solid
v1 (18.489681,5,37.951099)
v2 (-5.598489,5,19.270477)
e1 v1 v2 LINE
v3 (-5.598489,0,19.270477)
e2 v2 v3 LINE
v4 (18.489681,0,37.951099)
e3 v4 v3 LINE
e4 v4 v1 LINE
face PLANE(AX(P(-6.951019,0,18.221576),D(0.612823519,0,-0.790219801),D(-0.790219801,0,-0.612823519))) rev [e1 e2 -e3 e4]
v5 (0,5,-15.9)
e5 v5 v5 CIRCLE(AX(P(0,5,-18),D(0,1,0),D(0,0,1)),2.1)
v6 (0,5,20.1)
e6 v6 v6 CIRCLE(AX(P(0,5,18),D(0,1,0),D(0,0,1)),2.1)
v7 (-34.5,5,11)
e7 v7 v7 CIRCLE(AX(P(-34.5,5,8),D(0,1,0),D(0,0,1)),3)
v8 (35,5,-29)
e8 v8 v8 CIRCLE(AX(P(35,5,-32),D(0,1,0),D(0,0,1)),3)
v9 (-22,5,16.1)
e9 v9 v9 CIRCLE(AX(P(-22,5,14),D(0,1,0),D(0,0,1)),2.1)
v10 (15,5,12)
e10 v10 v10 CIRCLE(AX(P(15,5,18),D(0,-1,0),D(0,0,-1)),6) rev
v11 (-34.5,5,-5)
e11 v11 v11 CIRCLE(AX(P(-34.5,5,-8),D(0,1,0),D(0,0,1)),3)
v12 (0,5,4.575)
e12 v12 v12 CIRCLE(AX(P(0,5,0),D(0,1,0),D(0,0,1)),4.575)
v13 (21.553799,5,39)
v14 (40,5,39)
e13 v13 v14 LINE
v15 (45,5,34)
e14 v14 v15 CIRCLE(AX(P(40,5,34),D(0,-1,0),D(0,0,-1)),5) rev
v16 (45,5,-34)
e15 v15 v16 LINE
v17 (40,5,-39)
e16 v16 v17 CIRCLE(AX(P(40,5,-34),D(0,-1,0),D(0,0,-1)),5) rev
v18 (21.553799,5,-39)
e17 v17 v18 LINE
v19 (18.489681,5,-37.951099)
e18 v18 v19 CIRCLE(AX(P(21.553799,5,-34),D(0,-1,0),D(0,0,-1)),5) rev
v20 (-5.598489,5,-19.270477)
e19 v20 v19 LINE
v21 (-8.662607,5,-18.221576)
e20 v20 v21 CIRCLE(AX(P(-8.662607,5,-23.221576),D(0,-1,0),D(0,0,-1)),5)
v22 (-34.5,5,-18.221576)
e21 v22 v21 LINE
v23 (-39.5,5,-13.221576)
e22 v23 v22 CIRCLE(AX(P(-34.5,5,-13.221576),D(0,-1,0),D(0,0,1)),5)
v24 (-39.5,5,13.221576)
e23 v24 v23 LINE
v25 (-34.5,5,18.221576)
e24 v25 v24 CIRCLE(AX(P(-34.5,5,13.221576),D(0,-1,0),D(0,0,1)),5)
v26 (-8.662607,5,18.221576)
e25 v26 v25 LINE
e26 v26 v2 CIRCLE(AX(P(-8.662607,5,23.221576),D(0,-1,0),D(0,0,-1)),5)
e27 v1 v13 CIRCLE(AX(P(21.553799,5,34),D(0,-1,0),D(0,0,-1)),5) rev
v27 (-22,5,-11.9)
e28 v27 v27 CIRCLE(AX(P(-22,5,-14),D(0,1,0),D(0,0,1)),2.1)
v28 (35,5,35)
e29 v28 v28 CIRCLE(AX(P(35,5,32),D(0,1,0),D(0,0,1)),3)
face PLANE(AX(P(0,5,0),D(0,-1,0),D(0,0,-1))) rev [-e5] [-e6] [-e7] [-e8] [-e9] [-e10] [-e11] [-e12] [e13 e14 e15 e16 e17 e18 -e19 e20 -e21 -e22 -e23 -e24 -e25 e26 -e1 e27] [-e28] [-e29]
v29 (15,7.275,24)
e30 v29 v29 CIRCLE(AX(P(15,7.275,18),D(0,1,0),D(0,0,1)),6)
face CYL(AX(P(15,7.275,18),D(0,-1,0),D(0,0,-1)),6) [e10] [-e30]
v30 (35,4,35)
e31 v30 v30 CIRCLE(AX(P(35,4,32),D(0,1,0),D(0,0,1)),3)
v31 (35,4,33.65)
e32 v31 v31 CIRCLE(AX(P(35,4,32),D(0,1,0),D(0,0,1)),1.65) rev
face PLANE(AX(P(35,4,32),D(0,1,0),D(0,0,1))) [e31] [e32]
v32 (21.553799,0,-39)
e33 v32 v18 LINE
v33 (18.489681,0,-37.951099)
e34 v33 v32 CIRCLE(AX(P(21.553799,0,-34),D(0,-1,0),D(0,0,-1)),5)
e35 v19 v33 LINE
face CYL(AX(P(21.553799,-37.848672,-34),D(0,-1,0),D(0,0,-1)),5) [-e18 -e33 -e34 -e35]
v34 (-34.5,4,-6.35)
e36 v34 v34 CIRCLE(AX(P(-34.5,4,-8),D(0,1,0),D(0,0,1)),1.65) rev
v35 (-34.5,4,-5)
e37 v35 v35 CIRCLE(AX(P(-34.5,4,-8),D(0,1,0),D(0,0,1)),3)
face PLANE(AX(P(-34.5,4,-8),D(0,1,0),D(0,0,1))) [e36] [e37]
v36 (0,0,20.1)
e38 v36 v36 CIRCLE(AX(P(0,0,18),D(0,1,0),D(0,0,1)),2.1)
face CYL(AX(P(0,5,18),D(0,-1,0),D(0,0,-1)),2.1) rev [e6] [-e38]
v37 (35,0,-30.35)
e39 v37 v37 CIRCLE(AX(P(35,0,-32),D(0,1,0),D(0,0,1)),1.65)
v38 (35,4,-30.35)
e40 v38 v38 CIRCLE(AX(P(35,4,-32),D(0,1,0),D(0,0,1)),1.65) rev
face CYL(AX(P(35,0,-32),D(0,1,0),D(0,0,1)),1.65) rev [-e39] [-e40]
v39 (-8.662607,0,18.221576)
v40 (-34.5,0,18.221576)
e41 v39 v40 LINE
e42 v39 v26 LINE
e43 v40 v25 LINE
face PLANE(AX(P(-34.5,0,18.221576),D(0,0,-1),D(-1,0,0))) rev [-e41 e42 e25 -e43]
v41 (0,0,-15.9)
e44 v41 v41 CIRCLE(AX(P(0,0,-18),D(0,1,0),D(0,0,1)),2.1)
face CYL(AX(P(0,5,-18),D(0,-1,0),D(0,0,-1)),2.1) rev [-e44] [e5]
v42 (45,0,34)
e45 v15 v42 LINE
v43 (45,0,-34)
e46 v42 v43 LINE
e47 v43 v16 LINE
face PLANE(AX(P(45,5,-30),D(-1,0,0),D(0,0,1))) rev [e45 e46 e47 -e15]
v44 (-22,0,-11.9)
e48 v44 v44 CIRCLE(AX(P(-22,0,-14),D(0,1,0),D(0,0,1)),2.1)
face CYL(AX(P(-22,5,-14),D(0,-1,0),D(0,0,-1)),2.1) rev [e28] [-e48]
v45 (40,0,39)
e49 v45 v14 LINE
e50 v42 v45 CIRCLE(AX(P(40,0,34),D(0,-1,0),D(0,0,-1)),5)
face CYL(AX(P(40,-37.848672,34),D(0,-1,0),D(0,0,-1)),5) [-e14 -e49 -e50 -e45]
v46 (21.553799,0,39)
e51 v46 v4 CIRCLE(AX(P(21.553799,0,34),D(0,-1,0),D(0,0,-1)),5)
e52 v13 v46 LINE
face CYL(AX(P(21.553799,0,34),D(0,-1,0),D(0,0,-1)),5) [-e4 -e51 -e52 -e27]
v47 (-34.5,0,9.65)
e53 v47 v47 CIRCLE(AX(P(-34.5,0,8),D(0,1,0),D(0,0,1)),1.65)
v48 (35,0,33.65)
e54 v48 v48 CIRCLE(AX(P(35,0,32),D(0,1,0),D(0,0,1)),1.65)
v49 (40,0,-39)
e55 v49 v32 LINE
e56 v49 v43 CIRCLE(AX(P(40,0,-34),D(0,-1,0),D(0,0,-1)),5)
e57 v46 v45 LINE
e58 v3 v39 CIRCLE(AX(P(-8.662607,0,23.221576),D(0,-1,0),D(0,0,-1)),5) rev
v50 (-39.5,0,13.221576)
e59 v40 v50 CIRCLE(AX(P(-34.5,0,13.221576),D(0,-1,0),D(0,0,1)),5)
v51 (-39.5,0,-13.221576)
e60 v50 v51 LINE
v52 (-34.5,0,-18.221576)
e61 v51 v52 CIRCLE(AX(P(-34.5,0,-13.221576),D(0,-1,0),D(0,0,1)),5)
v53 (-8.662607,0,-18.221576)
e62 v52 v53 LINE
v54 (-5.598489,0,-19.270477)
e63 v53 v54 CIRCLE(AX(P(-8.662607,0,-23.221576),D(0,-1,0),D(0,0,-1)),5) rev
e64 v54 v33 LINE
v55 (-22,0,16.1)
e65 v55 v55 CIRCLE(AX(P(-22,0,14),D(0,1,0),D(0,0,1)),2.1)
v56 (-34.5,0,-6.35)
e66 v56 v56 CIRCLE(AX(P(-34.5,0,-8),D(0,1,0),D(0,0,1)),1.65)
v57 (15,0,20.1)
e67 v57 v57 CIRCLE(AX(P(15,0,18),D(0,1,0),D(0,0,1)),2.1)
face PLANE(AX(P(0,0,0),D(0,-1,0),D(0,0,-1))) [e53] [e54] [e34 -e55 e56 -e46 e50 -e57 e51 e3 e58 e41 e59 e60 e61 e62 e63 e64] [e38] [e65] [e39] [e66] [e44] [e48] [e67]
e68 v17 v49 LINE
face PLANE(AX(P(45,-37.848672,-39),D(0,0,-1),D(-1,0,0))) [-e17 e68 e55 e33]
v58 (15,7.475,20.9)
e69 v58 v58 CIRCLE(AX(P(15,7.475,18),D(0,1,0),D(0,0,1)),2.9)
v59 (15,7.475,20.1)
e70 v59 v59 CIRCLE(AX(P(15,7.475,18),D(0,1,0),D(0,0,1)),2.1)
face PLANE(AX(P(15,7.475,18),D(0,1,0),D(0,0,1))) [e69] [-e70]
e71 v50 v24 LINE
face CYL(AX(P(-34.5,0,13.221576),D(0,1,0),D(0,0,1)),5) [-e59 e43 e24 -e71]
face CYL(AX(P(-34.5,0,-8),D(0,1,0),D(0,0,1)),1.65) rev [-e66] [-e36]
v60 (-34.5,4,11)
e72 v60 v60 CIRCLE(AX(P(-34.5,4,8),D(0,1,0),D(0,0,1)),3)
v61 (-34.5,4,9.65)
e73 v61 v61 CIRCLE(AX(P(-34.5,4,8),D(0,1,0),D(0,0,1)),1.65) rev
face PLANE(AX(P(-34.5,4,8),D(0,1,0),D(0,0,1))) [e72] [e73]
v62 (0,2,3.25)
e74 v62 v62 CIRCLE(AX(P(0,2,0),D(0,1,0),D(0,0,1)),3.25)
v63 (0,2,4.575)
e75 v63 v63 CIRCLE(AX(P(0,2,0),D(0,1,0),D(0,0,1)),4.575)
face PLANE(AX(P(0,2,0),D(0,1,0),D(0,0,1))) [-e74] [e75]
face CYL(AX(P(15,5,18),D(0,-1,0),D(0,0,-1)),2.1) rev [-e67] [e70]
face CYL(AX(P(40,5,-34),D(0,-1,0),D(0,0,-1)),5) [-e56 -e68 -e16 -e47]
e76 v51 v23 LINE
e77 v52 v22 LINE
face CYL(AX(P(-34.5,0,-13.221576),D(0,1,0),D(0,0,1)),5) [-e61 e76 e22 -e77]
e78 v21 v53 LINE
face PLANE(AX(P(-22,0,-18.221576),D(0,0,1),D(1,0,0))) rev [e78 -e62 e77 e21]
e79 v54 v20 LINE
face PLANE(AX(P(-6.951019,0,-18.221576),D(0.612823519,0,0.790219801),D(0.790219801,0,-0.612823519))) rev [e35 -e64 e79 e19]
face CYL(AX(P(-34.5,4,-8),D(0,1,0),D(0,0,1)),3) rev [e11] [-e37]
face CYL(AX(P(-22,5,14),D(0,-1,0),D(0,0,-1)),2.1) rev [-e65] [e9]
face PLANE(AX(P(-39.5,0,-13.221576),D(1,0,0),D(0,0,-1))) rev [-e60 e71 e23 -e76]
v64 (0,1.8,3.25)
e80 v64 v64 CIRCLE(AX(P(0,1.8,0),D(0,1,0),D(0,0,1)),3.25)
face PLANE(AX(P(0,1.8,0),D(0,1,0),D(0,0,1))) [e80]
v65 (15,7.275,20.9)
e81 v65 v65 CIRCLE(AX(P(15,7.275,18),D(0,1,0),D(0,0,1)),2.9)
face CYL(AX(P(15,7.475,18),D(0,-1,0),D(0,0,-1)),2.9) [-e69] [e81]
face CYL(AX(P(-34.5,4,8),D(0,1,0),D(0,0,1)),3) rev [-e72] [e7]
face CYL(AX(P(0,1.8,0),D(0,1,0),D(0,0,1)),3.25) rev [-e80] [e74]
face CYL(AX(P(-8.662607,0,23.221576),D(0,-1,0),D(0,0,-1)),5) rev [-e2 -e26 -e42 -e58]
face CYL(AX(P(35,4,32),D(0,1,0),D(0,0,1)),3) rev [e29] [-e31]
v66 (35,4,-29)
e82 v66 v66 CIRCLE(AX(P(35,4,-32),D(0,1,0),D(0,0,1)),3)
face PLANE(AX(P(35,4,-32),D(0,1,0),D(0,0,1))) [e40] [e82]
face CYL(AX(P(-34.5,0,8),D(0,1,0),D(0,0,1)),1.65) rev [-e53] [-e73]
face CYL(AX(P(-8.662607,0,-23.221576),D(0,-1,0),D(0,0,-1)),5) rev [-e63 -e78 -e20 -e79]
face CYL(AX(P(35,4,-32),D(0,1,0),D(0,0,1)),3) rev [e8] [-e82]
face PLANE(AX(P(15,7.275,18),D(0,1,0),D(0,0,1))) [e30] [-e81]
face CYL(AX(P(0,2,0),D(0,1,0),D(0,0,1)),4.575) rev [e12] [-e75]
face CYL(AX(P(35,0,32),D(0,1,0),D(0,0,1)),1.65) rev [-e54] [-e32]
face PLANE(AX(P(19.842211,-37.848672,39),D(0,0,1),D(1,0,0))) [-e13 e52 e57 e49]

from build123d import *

# Parameters (mm, degrees)
SKETCH1_W           = 115
SKETCH1_H           = 60
SKETCH1_R           = 2.1
BOSS_EXTRUDE1_DEPTH = 5
SKETCH2_R           = 4.575
CUT_EXTRUDE1_DEPTH  = 3
SKETCH3_R           = 3.25
CUT_EXTRUDE2_DEPTH  = 0.2
SKETCH4_R           = 1.65
CUT_EXTRUDE3_DEPTH  = 6
CUT_EXTRUDE4_DEPTH  = 6
BOSS_EXTRUDE2_DEPTH = 5
SKETCH8_R           = 1.65
CUT_EXTRUDE5_DEPTH  = 6
FILLET1_R           = 5
SKETCH9_R           = 6
SKETCH9_R_2         = 2.1
BOSS_EXTRUDE3_DEPTH = 2.275
SKETCH10_R          = 2.9
SKETCH10_R_2        = 2.1
BOSS_EXTRUDE4_DEPTH = 0.2
SKETCH11_R          = 3
CUT_EXTRUDE6_DEPTH  = 1


with BuildPart() as part:
    # Sketch1 → Boss-Extrude1 (new body)
    with BuildSketch(Plane(origin=(0, 0, 0), x_dir=(1, 0, 0), z_dir=(0, 1, 0))):
        with Locations((-12.5, 0)):
            Rectangle(SKETCH1_W, SKETCH1_H)
        with Locations((-22, 14)):
            Circle(SKETCH1_R, mode=Mode.SUBTRACT)
        with Locations((0, 18)):
            Circle(SKETCH1_R, mode=Mode.SUBTRACT)
        with Locations((0, -18)):
            Circle(SKETCH1_R, mode=Mode.SUBTRACT)
        with Locations((-22, -14)):
            Circle(SKETCH1_R, mode=Mode.SUBTRACT)
        with Locations((15, -18)):
            Circle(SKETCH1_R, mode=Mode.SUBTRACT)
    extrude(amount=BOSS_EXTRUDE1_DEPTH)

    # Sketch2 → Cut-Extrude1 (cut)
    with BuildSketch(Plane(origin=(0, 5, 0), x_dir=(1, 0, 0), z_dir=(0, 1, 0))):
        Circle(SKETCH2_R)
    extrude(amount=-CUT_EXTRUDE1_DEPTH, mode=Mode.SUBTRACT)

    # Sketch3 → Cut-Extrude2 (cut)
    with BuildSketch(Plane(origin=(0, 2, 0), x_dir=(1, 0, 0), z_dir=(0, 1, 0))):
        Circle(SKETCH3_R)
    extrude(amount=-CUT_EXTRUDE2_DEPTH, mode=Mode.SUBTRACT)

    # Sketch4 → Cut-Extrude3 (cut, through all)
    with BuildSketch(Plane(origin=(0, 5, 0), x_dir=(1, 0, 0), z_dir=(0, 1, 0))):
        with Locations((-34.5, -8)):
            Circle(SKETCH4_R)
        with Locations((-34.5, 8)):
            Circle(SKETCH4_R)
    extrude(amount=-CUT_EXTRUDE3_DEPTH, mode=Mode.SUBTRACT)

    # Sketch6 → Cut-Extrude4 (cut, through all)
    with BuildSketch(Plane(origin=(0, 5, 0), x_dir=(1, 0, 0), z_dir=(0, 1, 0))):
        with BuildLine():
            Line((-22, 18.221576202), (-34.5, 18.221576202))
            ThreePointArc((-34.5, 18.221576202), (-38.035533906, 16.757110108), (-39.5, 13.221576202))
            Line((-39.5, 13.221576202), (-39.5, -13.221576202))
            ThreePointArc((-39.5, -13.221576202), (-38.035533906, -16.757110108), (-34.5, -18.221576202))
            Line((-34.5, -18.221576202), (-22, -18.221576202))
            Line((-22, -18.221576202), (-8.297519941, -18.221576202))
            Line((-8.297519941, -18.221576202), (-6.951019319, -18.221576202))
            Line((-6.951019319, -18.221576202), (19.301199277, -38.580439602))
            Line((19.301199277, -38.580439602), (-22, -30))
            Line((-22, -30), (-70, -30))
            Line((-70, -30), (-70, 30))
            Line((-70, 30), (-22, 30))
            Line((-22, 30), (19.301199277, 38.580439602))
            Line((19.301199277, 38.580439602), (-6.951019319, 18.221576202))
            Line((-6.951019319, 18.221576202), (-8.297519941, 18.221576202))
            Line((-8.297519941, 18.221576202), (-22, 18.221576202))
        make_face()
    extrude(amount=-CUT_EXTRUDE4_DEPTH, mode=Mode.SUBTRACT)

    # Sketch7 → Boss-Extrude2 (add)
    with BuildSketch(Plane(origin=(0, 5, 0), x_dir=(1, 0, 0), z_dir=(0, 1, 0))):
        Polygon((19.842211368, 39), (8.23694821, 30), (45, 30), (45, 39), align=None)
        Polygon((45, -30), (8.23694821, -30), (19.842211368, -39), (45, -39), align=None)
    extrude(amount=-BOSS_EXTRUDE2_DEPTH)

    # Sketch8 → Cut-Extrude5 (cut, through all)
    with BuildSketch(Plane(origin=(0, 5, 0), x_dir=(1, 0, 0), z_dir=(0, 1, 0))):
        with Locations((35, 32)):
            Circle(SKETCH8_R)
        with Locations((35, -32)):
            Circle(SKETCH8_R)
    extrude(amount=-CUT_EXTRUDE5_DEPTH, mode=Mode.SUBTRACT)

    # Fillet1
    fillet1_edges = [part.edges().sort_by_distance(p)[0] for p in [
        (45, 2.5, -39),
        (19.842211368, 2.5, -39),
        (19.842211368, 2.5, 39),
        (45, 2.5, 39),
        (-6.951019319, 2.5, 18.221576202),
        (-6.951019319, 2.5, -18.221576202),
    ]]
    fillet(fillet1_edges, radius=FILLET1_R)

    # Sketch9 → Boss-Extrude3 (add)
    with BuildSketch(Plane(origin=(0, 5, 0), x_dir=(1, 0, 0), z_dir=(0, 1, 0))):
        with Locations((15, -18)):
            Circle(SKETCH9_R)
        with Locations((15, -18)):
            Circle(SKETCH9_R_2, mode=Mode.SUBTRACT)
    extrude(amount=BOSS_EXTRUDE3_DEPTH)

    # Sketch10 → Boss-Extrude4 (add)
    with BuildSketch(Plane(origin=(0, 7.275, 0), x_dir=(1, 0, 0), z_dir=(0, 1, 0))):
        with Locations((15, -18)):
            Circle(SKETCH10_R)
        with Locations((15, -18)):
            Circle(SKETCH10_R_2, mode=Mode.SUBTRACT)
    extrude(amount=BOSS_EXTRUDE4_DEPTH)

    # Sketch11 → Cut-Extrude6 (cut)
    with BuildSketch(Plane(origin=(0, 5, 0), x_dir=(1, 0, 0), z_dir=(0, 1, 0))):
        with Locations((-34.5, 8)):
            Circle(SKETCH11_R)
        with Locations((-34.5, -8)):
            Circle(SKETCH11_R)
        with Locations((35, -32)):
            Circle(SKETCH11_R)
        with Locations((35, 32)):
            Circle(SKETCH11_R)
    extrude(amount=-CUT_EXTRUDE6_DEPTH, mode=Mode.SUBTRACT)


solid = part.part
